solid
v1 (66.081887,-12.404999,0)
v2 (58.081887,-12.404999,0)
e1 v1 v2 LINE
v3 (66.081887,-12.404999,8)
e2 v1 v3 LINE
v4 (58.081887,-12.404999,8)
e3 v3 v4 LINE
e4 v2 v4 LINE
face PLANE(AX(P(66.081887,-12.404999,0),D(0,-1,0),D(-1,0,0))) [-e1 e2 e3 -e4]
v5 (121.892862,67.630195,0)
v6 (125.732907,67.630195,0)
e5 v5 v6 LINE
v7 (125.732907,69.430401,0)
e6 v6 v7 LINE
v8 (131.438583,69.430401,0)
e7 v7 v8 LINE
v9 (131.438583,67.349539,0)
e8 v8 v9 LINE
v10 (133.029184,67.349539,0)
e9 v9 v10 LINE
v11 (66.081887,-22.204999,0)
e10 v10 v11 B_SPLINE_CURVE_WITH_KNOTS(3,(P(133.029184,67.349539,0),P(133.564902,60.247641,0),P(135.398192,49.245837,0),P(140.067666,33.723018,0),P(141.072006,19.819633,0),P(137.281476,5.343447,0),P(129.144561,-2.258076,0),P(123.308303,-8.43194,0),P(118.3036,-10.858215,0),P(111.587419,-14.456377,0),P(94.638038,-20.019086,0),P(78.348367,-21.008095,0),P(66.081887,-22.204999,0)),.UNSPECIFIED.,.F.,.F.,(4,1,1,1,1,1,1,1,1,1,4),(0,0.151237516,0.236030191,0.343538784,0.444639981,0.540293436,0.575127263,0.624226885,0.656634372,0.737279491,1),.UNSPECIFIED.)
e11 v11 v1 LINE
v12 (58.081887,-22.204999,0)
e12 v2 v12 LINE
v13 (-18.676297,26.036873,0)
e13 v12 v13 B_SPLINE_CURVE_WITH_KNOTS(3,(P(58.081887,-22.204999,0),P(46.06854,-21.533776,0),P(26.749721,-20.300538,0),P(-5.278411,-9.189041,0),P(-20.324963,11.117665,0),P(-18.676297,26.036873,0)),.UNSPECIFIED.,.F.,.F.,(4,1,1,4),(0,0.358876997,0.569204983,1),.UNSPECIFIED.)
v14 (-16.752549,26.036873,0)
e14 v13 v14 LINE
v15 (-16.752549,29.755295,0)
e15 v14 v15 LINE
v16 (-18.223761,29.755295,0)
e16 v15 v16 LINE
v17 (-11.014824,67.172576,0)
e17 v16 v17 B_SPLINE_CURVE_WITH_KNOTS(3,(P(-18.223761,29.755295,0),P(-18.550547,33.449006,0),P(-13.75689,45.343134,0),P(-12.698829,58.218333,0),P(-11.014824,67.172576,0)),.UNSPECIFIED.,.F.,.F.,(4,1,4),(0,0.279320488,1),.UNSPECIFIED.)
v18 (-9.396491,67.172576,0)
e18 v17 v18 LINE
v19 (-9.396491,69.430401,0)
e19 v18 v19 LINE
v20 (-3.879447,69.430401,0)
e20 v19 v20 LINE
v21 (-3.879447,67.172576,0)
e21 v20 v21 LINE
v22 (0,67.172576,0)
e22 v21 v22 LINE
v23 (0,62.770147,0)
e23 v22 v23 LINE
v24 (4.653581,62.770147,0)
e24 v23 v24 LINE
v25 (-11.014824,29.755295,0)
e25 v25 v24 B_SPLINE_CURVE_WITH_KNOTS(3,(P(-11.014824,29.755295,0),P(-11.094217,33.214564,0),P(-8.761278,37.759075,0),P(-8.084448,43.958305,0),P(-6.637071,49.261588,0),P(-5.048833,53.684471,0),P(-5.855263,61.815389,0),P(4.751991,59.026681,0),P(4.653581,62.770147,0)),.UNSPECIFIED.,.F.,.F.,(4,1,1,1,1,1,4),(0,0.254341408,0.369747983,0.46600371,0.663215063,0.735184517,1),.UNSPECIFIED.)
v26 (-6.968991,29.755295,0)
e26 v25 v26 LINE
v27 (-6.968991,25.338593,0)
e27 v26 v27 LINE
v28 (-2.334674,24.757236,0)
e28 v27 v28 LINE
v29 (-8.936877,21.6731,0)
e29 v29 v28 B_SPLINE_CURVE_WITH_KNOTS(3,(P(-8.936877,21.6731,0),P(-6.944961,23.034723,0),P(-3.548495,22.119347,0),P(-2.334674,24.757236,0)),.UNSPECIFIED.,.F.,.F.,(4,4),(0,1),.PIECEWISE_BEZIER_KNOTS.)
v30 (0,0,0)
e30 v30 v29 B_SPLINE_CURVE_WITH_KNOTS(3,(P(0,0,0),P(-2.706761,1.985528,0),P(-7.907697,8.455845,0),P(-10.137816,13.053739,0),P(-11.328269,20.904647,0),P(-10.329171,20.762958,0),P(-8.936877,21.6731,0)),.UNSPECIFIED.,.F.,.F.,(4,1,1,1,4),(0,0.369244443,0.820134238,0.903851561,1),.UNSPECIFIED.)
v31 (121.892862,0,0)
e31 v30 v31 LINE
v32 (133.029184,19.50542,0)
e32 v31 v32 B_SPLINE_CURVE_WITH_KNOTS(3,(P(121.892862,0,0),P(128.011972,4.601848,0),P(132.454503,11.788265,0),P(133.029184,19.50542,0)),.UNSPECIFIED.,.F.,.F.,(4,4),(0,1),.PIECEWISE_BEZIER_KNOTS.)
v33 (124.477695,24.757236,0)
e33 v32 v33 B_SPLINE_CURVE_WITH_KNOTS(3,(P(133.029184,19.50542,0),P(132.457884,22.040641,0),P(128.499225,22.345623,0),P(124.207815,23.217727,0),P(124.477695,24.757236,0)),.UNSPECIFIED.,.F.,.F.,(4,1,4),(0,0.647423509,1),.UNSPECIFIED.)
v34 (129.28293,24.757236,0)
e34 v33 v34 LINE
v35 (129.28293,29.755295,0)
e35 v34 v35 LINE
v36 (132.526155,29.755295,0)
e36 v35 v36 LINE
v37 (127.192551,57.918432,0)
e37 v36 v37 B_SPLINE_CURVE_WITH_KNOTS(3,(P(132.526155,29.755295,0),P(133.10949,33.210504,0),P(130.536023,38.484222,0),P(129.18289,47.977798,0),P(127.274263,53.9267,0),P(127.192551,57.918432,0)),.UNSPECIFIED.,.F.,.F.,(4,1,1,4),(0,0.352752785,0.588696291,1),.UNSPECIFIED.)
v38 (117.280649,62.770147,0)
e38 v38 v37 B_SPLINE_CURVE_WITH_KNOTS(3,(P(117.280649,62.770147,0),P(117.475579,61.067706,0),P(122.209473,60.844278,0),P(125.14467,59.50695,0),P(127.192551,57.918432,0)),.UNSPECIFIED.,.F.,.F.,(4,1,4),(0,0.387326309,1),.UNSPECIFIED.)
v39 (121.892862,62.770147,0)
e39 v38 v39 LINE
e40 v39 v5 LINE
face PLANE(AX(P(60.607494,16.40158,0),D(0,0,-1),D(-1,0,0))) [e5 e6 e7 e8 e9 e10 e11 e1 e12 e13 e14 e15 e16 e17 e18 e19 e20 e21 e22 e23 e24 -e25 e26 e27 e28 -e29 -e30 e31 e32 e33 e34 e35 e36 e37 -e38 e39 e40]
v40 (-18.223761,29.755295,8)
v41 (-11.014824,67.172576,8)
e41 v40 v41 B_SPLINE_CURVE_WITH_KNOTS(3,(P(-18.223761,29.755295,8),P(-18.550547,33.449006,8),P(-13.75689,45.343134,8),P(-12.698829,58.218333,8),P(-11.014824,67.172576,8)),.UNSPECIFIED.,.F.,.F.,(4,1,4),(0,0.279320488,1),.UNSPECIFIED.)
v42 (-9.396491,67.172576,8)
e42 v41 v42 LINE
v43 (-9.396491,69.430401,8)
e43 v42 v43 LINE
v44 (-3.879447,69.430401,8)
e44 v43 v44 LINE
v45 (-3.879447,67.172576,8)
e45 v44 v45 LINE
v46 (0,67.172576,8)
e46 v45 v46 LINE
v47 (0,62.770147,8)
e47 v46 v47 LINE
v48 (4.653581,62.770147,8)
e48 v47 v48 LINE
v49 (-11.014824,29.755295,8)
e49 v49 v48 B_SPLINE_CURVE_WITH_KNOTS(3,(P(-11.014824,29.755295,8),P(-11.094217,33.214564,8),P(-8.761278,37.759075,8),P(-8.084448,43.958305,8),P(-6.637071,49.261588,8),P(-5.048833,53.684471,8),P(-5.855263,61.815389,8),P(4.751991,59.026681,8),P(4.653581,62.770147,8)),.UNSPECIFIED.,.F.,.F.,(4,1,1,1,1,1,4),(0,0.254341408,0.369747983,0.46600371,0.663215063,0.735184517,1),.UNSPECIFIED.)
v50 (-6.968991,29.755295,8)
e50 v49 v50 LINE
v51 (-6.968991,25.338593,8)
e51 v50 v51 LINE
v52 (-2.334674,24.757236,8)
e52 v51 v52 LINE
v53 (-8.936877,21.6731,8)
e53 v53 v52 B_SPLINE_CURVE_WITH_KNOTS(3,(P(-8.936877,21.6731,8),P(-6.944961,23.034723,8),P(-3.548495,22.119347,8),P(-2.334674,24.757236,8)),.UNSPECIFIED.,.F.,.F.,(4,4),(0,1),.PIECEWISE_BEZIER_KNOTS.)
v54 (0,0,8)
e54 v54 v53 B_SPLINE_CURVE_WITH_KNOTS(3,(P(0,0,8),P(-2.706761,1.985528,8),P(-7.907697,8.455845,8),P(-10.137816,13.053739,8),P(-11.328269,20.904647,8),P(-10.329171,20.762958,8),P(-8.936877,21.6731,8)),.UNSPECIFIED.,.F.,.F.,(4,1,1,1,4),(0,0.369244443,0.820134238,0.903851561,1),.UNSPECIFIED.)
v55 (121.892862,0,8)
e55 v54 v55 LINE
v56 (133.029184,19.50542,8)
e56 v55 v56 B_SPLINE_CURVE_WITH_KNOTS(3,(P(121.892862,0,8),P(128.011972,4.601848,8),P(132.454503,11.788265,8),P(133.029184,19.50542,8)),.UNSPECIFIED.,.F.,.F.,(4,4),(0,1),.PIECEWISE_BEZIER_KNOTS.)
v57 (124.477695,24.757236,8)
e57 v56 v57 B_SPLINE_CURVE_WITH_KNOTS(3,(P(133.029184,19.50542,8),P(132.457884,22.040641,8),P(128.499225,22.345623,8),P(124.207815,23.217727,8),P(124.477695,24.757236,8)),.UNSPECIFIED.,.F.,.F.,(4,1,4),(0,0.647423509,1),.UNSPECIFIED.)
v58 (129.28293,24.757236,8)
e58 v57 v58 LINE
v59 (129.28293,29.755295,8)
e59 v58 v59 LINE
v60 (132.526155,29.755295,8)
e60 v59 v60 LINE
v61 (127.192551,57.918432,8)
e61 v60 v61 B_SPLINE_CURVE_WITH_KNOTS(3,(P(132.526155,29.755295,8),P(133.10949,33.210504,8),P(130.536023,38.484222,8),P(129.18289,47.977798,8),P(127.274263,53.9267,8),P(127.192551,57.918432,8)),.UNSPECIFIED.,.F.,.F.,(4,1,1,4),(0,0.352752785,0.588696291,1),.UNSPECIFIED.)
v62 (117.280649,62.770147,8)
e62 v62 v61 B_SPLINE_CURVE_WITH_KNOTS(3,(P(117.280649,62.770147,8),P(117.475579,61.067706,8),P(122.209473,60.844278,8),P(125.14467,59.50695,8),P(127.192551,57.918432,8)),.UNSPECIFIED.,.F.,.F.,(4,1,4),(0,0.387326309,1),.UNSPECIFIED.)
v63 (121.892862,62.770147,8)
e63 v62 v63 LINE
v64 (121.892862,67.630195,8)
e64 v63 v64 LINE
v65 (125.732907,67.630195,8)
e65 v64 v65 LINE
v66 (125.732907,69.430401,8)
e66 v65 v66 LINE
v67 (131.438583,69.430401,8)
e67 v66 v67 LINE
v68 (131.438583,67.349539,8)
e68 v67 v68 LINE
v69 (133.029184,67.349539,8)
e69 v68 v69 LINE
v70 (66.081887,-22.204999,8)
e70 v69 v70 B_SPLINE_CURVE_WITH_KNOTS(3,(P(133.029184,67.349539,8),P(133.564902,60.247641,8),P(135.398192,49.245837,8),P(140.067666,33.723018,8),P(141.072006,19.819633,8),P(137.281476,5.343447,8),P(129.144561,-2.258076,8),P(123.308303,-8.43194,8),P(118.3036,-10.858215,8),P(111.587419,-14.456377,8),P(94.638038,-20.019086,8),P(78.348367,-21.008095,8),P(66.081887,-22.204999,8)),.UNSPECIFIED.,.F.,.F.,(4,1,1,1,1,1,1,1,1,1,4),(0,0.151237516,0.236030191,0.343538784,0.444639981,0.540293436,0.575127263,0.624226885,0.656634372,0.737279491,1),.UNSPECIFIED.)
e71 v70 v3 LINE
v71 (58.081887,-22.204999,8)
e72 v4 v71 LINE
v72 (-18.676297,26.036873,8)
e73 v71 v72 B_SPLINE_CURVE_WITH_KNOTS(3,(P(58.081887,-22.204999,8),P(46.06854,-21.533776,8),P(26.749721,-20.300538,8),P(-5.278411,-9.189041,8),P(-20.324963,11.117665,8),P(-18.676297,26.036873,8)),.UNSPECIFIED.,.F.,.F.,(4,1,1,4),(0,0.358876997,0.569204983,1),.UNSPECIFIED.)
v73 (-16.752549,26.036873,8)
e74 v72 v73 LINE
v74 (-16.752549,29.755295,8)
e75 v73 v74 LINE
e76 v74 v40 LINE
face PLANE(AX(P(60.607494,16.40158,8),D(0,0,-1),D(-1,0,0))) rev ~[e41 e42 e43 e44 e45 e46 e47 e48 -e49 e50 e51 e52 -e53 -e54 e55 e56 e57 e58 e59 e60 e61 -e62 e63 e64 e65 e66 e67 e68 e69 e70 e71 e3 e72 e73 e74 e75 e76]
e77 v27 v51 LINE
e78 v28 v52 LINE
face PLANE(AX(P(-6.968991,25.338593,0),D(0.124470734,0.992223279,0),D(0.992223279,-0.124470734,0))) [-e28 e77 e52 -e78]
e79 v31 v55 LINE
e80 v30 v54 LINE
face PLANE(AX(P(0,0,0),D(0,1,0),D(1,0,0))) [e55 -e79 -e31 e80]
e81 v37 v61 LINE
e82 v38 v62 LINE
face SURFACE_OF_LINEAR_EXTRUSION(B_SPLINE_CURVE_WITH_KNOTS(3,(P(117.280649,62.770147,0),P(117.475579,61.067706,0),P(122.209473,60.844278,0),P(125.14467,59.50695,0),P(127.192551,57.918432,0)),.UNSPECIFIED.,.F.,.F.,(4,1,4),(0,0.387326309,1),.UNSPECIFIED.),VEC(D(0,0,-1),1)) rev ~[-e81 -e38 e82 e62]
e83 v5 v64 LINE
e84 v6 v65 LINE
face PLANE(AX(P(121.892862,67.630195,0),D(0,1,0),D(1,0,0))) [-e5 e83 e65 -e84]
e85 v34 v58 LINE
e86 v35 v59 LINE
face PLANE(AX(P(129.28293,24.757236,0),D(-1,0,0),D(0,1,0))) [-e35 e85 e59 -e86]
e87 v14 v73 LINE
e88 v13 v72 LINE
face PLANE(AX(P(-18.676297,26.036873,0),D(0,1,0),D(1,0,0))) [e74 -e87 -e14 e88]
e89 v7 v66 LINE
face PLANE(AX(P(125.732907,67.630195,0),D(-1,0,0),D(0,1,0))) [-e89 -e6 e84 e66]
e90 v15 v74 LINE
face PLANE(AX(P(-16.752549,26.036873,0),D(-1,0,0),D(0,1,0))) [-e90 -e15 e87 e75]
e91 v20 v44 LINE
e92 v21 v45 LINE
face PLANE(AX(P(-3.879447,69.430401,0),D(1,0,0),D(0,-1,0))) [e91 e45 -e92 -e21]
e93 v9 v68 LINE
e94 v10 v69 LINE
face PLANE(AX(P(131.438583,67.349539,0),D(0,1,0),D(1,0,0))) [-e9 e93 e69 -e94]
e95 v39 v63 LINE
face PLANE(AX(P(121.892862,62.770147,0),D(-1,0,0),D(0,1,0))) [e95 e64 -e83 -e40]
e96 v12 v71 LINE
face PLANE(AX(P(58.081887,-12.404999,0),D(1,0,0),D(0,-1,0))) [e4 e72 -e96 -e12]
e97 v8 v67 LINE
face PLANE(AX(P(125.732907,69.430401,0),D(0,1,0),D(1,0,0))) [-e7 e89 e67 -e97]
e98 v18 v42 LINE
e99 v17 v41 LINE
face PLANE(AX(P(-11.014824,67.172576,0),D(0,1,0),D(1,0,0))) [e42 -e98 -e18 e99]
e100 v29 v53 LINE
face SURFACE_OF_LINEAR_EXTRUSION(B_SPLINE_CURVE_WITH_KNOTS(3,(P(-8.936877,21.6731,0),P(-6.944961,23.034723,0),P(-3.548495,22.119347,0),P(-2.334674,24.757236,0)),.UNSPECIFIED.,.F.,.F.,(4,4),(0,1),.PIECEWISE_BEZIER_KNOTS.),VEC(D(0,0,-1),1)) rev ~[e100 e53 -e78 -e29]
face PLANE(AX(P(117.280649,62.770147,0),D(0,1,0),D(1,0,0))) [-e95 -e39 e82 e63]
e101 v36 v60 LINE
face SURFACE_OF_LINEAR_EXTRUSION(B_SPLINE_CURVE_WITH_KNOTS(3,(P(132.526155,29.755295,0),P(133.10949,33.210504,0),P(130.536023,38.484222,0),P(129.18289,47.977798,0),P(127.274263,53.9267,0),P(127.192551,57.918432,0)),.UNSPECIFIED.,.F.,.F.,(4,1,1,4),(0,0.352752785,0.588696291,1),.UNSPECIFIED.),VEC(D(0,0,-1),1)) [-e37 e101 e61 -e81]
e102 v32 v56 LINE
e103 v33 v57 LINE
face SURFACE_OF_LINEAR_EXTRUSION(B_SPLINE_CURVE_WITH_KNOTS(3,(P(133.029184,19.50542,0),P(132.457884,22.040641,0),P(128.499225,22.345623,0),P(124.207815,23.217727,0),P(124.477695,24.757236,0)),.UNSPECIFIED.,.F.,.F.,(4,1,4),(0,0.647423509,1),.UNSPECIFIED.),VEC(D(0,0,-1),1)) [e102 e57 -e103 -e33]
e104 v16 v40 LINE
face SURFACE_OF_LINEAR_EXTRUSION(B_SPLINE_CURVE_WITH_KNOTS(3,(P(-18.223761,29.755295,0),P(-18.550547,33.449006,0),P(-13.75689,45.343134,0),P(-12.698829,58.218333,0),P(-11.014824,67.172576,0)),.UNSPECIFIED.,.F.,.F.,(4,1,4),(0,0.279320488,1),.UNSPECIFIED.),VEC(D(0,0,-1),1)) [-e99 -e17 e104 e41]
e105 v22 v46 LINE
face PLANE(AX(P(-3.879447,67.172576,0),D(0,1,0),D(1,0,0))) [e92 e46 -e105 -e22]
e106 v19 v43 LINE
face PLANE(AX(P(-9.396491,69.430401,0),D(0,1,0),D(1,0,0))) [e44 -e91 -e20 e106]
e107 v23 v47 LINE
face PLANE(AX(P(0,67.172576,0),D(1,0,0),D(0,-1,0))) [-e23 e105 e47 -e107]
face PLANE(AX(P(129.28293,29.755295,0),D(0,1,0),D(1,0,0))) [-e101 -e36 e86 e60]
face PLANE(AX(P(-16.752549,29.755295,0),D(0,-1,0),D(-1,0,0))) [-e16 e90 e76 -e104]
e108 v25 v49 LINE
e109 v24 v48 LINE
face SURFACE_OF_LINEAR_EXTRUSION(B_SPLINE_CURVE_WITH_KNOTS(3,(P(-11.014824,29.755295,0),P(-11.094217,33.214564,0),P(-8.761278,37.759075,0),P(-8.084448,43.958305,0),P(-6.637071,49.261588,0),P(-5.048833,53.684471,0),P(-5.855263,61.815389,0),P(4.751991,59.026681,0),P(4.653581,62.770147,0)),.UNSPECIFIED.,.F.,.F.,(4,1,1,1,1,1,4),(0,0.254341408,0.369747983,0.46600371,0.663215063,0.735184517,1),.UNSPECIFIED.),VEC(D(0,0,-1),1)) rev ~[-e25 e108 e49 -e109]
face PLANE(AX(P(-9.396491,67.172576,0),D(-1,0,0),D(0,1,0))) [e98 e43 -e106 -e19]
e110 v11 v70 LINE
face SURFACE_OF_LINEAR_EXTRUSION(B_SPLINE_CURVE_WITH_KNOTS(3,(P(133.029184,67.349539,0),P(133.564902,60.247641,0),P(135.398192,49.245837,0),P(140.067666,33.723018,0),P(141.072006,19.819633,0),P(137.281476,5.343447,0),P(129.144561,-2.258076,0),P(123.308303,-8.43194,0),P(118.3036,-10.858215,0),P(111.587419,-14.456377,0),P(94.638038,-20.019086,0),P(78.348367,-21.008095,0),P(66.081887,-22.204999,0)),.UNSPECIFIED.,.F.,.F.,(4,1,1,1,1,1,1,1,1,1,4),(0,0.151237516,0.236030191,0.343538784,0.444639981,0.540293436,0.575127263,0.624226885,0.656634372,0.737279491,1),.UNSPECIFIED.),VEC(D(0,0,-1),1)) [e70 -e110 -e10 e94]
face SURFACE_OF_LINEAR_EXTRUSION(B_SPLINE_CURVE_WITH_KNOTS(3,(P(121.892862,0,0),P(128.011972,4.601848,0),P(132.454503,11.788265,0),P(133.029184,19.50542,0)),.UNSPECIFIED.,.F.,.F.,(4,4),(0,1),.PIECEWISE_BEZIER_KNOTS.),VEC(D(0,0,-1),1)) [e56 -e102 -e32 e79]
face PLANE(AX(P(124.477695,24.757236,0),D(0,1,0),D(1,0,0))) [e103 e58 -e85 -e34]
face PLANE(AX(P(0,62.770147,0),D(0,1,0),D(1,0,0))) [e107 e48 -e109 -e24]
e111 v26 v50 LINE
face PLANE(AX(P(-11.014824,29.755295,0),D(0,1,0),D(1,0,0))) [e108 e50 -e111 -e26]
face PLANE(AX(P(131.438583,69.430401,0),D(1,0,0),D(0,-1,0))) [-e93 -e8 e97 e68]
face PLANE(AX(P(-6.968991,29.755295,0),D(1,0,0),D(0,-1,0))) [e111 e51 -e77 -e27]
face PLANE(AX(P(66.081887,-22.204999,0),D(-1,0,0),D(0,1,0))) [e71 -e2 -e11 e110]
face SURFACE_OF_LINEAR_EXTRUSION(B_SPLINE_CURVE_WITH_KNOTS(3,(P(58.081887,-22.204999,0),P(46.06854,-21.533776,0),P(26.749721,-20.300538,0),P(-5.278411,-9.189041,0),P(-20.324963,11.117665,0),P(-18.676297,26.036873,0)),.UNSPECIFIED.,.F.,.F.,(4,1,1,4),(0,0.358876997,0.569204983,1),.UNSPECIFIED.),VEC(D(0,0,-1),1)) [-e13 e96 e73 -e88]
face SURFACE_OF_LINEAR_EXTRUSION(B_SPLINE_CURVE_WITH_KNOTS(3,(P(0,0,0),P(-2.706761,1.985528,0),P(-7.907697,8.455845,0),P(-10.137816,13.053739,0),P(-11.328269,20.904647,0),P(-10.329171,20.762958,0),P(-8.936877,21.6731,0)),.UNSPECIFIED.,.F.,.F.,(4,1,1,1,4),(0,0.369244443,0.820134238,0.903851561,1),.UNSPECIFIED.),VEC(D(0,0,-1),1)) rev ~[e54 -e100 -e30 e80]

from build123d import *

# Parameters (mm, degrees)
EXTRUDE_1_DEPTH = 8


with BuildPart() as part:
    # 草图1 → 凸台-拉伸1 (new body)
    with BuildSketch(Plane.XY):
        with BuildLine():
            Line((0, 0), (121.892861676, 0))
            add(Edge.make_bspline(
                [(121.892861676, 0), (128.011971759, 4.601847517), (132.454502989, 11.788264632), (133.029184064, 19.505419747)],
                knots=[0, 0, 0, 0, 1, 1, 1, 1], degree=3))
            add(Edge.make_bspline(
                [(133.029184064, 19.505419747), (132.457883714, 22.04064129), (128.499225032, 22.345623299), (124.207815264, 23.217726577), (124.477695415, 24.757235523)],
                knots=[0, 0, 0, 0, 0.647423509, 1, 1, 1, 1], degree=3))
            Line((124.477695415, 24.757235523), (129.282930216, 24.757235523))
            Line((129.282930216, 24.757235523), (129.282930216, 29.75529488))
            Line((129.282930216, 29.75529488), (132.52615532, 29.75529488))
            add(Edge.make_bspline(
                [(132.52615532, 29.75529488), (133.109490058, 33.210504162), (130.53602349, 38.484222169), (129.182889891, 47.977798132), (127.274263485, 53.926700452), (127.192551314, 57.918432039)],
                knots=[0, 0, 0, 0, 0.352752785, 0.588696291, 1, 1, 1, 1], degree=3))
            add(Edge.make_bspline(
                [(117.280649471, 62.770146705), (117.475578993, 61.067706228), (122.209472834, 60.844278135), (125.144669848, 59.506949815), (127.192551314, 57.918432039)],
                knots=[0, 0, 0, 0, 0.387326309, 1, 1, 1, 1], degree=3))
            Line((117.280649471, 62.770146705), (121.892861676, 62.770146705))
            Line((121.892861676, 62.770146705), (121.892861676, 67.630194554))
            Line((121.892861676, 67.630194554), (125.7329066, 67.630194554))
            Line((125.7329066, 67.630194554), (125.7329066, 69.430400533))
            Line((125.7329066, 69.430400533), (131.438583204, 69.430400533))
            Line((131.438583204, 69.430400533), (131.438583204, 67.349539011))
            Line((131.438583204, 67.349539011), (133.029184064, 67.349539011))
            add(Edge.make_bspline(
                [(133.029184064, 67.349539011), (133.564901877, 60.247640999), (135.398192236, 49.245837259), (140.067666181, 33.723017907), (141.072006263, 19.819633097), (137.281476009, 5.343447435), (129.144560539, -2.25807561), (123.308303206, -8.431939681), (118.303600061, -10.858215118), (111.587418972, -14.456377453), (94.638037984, -20.019085561), (78.348366705, -21.008095209), (66.081887238, -22.204999352)],
                knots=[0, 0, 0, 0, 0.151237516, 0.236030191, 0.343538784, 0.444639981, 0.540293436, 0.575127263, 0.624226885, 0.656634372, 0.737279491, 1, 1, 1, 1], degree=3))
            Line((66.081887238, -22.204999352), (66.081887238, -12.404999352))
            Line((66.081887238, -12.404999352), (58.081887238, -12.404999352))
            Line((58.081887238, -12.404999352), (58.081887238, -22.204999352))
            add(Edge.make_bspline(
                [(58.081887238, -22.204999352), (46.068539701, -21.533775573), (26.7497211, -20.30053767), (-5.278411143, -9.189041191), (-20.324962842, 11.117665055), (-18.676297456, 26.036873145)],
                knots=[0, 0, 0, 0, 0.358876997, 0.569204983, 1, 1, 1, 1], degree=3))
            Line((-18.676297456, 26.036873145), (-16.752549329, 26.036873145))
            Line((-16.752549329, 26.036873145), (-16.752549329, 29.75529488))
            Line((-16.752549329, 29.75529488), (-18.223761048, 29.75529488))
            add(Edge.make_bspline(
                [(-18.223761048, 29.75529488), (-18.550546612, 33.449005635), (-13.7568902, 45.343133946), (-12.698829405, 58.21833283), (-11.014823623, 67.172575691)],
                knots=[0, 0, 0, 0, 0.279320488, 1, 1, 1, 1], degree=3))
            Line((-11.014823623, 67.172575691), (-9.396490731, 67.172575691))
            Line((-9.396490731, 67.172575691), (-9.396490731, 69.430400533))
            Line((-9.396490731, 69.430400533), (-3.879446783, 69.430400533))
            Line((-3.879446783, 69.430400533), (-3.879446783, 67.172575691))
            Line((-3.879446783, 67.172575691), (0, 67.172575691))
            Line((0, 67.172575691), (0, 62.770146705))
            Line((0, 62.770146705), (4.653581191, 62.770146705))
            add(Edge.make_bspline(
                [(-11.014823623, 29.75529488), (-11.09421657, 33.214563813), (-8.761277836, 37.759074692), (-8.084448244, 43.958305118), (-6.637070836, 49.261588362), (-5.048833168, 53.684470609), (-5.855262578, 61.815388525), (4.751990819, 59.02668145), (4.653581191, 62.770146705)],
                knots=[0, 0, 0, 0, 0.254341408, 0.369747983, 0.46600371, 0.663215063, 0.735184517, 1, 1, 1, 1], degree=3))
            Line((-11.014823623, 29.75529488), (-6.968991394, 29.75529488))
            Line((-6.968991394, 29.75529488), (-6.968991394, 25.338593411))
            Line((-6.968991394, 25.338593411), (-2.334674477, 24.757235523))
            add(Edge.make_bspline(
                [(-8.936877173, 21.67310046), (-6.944961427, 23.034723325), (-3.548495224, 22.119347239), (-2.334674477, 24.757235523)],
                knots=[0, 0, 0, 0, 1, 1, 1, 1], degree=3))
            add(Edge.make_bspline(
                [(0, 0), (-2.706760816, 1.985528057), (-7.907697304, 8.455845135), (-10.137815695, 13.053738583), (-11.328269229, 20.904647303), (-10.329171157, 20.762958158), (-8.936877173, 21.67310046)],
                knots=[0, 0, 0, 0, 0.369244443, 0.820134238, 0.903851561, 1, 1, 1, 1], degree=3))
        make_face()
    extrude(amount=EXTRUDE_1_DEPTH)


solid = part.part
